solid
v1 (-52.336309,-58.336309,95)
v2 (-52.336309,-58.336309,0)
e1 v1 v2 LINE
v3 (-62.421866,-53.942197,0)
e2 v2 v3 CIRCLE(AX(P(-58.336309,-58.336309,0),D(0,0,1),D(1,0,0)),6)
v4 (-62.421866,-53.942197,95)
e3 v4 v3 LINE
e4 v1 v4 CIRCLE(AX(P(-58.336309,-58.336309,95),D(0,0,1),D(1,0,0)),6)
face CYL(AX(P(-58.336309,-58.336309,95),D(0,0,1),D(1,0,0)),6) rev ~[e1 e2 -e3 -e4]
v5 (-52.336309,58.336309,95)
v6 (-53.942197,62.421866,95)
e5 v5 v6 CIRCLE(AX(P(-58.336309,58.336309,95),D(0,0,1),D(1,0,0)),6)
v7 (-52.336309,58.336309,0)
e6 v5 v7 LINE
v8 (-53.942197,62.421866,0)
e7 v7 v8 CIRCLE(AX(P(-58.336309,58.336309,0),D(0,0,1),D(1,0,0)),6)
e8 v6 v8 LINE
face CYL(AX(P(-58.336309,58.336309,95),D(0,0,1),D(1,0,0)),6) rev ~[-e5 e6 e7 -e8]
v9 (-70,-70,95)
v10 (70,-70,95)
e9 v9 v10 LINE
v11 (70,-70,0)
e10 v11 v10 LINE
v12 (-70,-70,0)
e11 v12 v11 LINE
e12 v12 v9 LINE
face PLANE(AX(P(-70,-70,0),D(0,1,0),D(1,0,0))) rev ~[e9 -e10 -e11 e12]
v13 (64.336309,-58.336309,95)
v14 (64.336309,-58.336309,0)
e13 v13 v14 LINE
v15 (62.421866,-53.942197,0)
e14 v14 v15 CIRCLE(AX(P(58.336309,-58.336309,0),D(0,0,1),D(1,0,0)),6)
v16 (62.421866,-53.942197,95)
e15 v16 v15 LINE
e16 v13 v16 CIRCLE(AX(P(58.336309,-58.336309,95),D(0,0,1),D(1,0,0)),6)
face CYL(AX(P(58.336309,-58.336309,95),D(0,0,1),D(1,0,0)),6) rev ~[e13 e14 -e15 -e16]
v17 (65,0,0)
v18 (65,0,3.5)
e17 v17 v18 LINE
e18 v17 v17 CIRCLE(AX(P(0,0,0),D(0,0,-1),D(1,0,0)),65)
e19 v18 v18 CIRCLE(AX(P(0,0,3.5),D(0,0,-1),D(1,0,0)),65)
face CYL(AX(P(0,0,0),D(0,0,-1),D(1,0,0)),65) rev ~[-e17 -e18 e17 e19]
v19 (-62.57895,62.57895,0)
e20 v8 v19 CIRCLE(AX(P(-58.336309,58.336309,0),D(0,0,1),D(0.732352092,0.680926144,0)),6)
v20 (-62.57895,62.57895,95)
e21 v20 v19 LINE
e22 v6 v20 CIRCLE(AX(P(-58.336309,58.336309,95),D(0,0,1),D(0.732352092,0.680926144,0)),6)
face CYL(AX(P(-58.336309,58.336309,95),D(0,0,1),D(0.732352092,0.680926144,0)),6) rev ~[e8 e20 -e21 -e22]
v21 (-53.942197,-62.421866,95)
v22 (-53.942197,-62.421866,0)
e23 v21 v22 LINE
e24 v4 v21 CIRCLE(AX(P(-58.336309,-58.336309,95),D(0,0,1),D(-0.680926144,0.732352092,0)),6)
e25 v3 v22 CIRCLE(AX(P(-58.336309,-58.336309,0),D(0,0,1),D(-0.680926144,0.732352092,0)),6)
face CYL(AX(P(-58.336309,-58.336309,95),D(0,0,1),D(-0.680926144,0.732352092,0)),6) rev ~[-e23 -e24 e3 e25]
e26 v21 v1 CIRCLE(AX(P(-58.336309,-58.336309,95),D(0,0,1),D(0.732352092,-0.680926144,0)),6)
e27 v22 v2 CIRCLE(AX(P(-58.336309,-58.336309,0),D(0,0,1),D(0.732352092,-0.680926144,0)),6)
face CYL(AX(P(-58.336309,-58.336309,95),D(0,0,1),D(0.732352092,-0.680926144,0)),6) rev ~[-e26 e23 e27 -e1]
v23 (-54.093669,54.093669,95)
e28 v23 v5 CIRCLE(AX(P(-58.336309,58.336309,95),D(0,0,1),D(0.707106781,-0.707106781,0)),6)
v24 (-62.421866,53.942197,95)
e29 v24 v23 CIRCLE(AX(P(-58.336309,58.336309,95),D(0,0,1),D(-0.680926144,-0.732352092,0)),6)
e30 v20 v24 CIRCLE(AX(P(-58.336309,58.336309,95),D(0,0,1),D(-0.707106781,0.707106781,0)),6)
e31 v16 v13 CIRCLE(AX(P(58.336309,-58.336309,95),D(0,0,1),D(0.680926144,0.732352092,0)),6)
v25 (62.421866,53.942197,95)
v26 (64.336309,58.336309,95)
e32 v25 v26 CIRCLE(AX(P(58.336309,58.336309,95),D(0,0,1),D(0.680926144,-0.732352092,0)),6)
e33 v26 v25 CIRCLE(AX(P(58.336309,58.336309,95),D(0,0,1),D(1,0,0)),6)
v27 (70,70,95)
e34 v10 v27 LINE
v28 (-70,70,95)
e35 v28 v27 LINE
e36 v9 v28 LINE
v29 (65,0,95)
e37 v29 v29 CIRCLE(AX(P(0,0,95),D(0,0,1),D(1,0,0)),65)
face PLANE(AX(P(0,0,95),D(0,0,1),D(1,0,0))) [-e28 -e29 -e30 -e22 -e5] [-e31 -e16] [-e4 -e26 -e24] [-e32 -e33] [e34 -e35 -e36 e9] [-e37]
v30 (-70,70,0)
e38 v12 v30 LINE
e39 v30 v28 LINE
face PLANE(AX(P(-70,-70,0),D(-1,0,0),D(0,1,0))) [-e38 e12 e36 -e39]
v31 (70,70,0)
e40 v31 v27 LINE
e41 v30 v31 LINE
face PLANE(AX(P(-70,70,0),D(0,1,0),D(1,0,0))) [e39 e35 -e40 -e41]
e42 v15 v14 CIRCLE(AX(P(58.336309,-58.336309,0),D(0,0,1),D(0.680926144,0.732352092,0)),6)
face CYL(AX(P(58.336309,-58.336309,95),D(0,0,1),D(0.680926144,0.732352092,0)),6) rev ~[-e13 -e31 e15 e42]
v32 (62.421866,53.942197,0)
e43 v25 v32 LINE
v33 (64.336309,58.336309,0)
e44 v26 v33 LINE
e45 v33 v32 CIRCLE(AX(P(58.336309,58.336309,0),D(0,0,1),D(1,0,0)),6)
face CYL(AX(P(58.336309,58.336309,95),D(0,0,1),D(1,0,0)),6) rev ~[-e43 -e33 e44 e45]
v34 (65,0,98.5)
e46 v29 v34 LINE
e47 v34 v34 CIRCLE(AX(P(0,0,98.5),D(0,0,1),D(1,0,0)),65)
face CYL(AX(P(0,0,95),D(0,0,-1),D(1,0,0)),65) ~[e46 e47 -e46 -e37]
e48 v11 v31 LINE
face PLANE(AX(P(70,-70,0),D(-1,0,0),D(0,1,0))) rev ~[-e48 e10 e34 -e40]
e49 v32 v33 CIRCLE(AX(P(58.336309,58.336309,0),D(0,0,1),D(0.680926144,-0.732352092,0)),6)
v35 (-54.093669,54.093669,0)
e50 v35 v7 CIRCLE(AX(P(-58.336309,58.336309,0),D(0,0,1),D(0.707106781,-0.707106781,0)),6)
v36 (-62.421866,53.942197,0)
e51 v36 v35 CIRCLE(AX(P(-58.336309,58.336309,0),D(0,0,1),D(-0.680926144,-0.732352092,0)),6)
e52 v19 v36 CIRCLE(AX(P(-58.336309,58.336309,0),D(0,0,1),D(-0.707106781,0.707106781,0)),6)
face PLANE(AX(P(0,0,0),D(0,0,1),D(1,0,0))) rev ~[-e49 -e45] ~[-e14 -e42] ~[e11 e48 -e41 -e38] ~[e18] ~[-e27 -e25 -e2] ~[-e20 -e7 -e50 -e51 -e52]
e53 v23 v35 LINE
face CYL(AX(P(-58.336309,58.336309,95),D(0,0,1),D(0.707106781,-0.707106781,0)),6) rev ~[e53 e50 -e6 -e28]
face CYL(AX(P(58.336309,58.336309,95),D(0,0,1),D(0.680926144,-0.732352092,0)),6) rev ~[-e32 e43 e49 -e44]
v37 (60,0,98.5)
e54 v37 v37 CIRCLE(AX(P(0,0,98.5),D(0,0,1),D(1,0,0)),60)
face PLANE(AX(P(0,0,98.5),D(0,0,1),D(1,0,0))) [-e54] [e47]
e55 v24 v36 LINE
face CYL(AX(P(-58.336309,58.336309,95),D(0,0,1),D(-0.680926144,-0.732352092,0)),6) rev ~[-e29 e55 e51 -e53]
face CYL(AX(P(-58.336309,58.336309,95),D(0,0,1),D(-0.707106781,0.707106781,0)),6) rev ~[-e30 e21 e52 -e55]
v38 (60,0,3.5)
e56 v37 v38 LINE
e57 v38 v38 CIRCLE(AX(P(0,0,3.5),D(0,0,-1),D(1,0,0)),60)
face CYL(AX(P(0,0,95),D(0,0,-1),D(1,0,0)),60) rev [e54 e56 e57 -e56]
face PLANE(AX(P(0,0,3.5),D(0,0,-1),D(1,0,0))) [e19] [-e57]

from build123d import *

# Parameters (mm, degrees)
F0_W     = 140
F0_H     = 140
F0_R     = 60
F1_DEPTH = 95
F2_R     = 65
F2_R_2   = 60
F3_DEPTH = 3.5
F4_R     = 65
F4_R_2   = 50
F5_DEPTH = 3.5
F7_DEPTH = 95.001


with BuildPart() as f1:
    # F0 (on Top) → F1 (new body)
    with BuildSketch(Plane.XY):
        Rectangle(F0_W, F0_H)
        Circle(F0_R, mode=Mode.SUBTRACT)
    extrude(amount=F1_DEPTH)

    # F2 (on face) → F3 (join)
    with BuildSketch(Plane.XY.offset(95)):
        Circle(F2_R)
        Circle(F2_R_2, mode=Mode.SUBTRACT)
    extrude(amount=F3_DEPTH)

    # F4 (on face) → F5 (cut)
    with BuildSketch(Plane(origin=(0, 0, 0), x_dir=(1, 0, 0), z_dir=(0, 0, -1))):
        Circle(F4_R)
        Circle(F4_R_2, mode=Mode.SUBTRACT)
    extrude(amount=-F5_DEPTH, mode=Mode.SUBTRACT)

    # F6 (on face) → F7 (cut, through all)
    with BuildSketch(Plane.XY.offset(95)):
        with BuildLine():
            ThreePointArc((-58.3363094479, 58.3363094479), (-56.1764068849, 60.419047572), (-53.9421968972, 62.4218663122))
            ThreePointArc((-53.9421968972, 62.4218663122), (-58.2272004968, 64.3353173023), (-62.578950135, 62.578950135))
            Line((-62.578950135, 62.578950135), (-58.3363094479, 58.3363094479))
        make_face()
        with BuildLine():
            ThreePointArc((-52.3363094479, 58.3363094479), (-52.752194688, 60.5312268377), (-53.9421968972, 62.4218663122))
            ThreePointArc((-53.9421968972, 62.4218663122), (-56.1764068849, 60.419047572), (-58.3363094479, 58.3363094479))
            Line((-58.3363094479, 58.3363094479), (-54.0936687608, 54.0936687608))
            ThreePointArc((-54.0936687608, 54.0936687608), (-52.7930322528, 56.0402088537), (-52.3363094479, 58.3363094479))
        make_face()
        with BuildLine():
            Line((-54.0936687608, 54.0936687608), (-58.3363094479, 58.3363094479))
            ThreePointArc((-58.3363094479, 58.3363094479), (-60.419047572, 56.1764068849), (-62.4218663122, 53.9421968972))
            ThreePointArc((-62.4218663122, 53.9421968972), (-58.2272004968, 52.3373015935), (-54.0936687608, 54.0936687608))
        make_face()
        with BuildLine():
            ThreePointArc((-62.4218663122, 53.9421968972), (-60.419047572, 56.1764068849), (-58.3363094479, 58.3363094479))
            Line((-58.3363094479, 58.3363094479), (-62.578950135, 62.578950135))
            ThreePointArc((-62.578950135, 62.578950135), (-64.3353173023, 58.2272004968), (-62.4218663122, 53.9421968972))
        make_face()
        with BuildLine():
            ThreePointArc((53.9421968972, 62.4218663122), (58.3363094479, 58.3363094479), (62.4218663122, 53.9421968972))
            ThreePointArc((62.4218663122, 53.9421968972), (63.836915832, 55.9397850047), (64.3363094479, 58.3363094479))
            ThreePointArc((64.3363094479, 58.3363094479), (60.5312268377, 63.9204242078), (53.9421968972, 62.4218663122))
        make_face()
        with BuildLine():
            ThreePointArc((53.9421968972, 62.4218663122), (54.0936687608, 54.0936687608), (62.4218663122, 53.9421968972))
            ThreePointArc((62.4218663122, 53.9421968972), (58.3363094479, 58.3363094479), (53.9421968972, 62.4218663122))
        make_face()
        with BuildLine():
            ThreePointArc((64.3363094479, -58.3363094479), (63.836915832, -55.9397850047), (62.4218663122, -53.9421968972))
            ThreePointArc((62.4218663122, -53.9421968972), (58.3363094479, -58.3363094479), (53.9421968972, -62.4218663122))
            ThreePointArc((53.9421968972, -62.4218663122), (60.5312268377, -63.9204242078), (64.3363094479, -58.3363094479))
        make_face()
        with BuildLine():
            ThreePointArc((53.9421968972, -62.4218663122), (58.3363094479, -58.3363094479), (62.4218663122, -53.9421968972))
            ThreePointArc((62.4218663122, -53.9421968972), (54.0936687608, -54.0936687608), (53.9421968972, -62.4218663122))
        make_face()
        with BuildLine():
            ThreePointArc((-62.4218663122, -53.9421968972), (-62.578950135, -62.578950135), (-53.9421968972, -62.4218663122))
            ThreePointArc((-53.9421968972, -62.4218663122), (-58.3363094479, -58.3363094479), (-62.4218663122, -53.9421968972))
        make_face()
        with BuildLine():
            ThreePointArc((-62.4218663122, -53.9421968972), (-58.3363094479, -58.3363094479), (-53.9421968972, -62.4218663122))
            ThreePointArc((-53.9421968972, -62.4218663122), (-52.752194688, -60.5312268377), (-52.3363094479, -58.3363094479))
            ThreePointArc((-52.3363094479, -58.3363094479), (-55.9397850047, -52.8357030638), (-62.4218663122, -53.9421968972))
        make_face()
    extrude(amount=-F7_DEPTH, mode=Mode.SUBTRACT)


solid = f1.part
